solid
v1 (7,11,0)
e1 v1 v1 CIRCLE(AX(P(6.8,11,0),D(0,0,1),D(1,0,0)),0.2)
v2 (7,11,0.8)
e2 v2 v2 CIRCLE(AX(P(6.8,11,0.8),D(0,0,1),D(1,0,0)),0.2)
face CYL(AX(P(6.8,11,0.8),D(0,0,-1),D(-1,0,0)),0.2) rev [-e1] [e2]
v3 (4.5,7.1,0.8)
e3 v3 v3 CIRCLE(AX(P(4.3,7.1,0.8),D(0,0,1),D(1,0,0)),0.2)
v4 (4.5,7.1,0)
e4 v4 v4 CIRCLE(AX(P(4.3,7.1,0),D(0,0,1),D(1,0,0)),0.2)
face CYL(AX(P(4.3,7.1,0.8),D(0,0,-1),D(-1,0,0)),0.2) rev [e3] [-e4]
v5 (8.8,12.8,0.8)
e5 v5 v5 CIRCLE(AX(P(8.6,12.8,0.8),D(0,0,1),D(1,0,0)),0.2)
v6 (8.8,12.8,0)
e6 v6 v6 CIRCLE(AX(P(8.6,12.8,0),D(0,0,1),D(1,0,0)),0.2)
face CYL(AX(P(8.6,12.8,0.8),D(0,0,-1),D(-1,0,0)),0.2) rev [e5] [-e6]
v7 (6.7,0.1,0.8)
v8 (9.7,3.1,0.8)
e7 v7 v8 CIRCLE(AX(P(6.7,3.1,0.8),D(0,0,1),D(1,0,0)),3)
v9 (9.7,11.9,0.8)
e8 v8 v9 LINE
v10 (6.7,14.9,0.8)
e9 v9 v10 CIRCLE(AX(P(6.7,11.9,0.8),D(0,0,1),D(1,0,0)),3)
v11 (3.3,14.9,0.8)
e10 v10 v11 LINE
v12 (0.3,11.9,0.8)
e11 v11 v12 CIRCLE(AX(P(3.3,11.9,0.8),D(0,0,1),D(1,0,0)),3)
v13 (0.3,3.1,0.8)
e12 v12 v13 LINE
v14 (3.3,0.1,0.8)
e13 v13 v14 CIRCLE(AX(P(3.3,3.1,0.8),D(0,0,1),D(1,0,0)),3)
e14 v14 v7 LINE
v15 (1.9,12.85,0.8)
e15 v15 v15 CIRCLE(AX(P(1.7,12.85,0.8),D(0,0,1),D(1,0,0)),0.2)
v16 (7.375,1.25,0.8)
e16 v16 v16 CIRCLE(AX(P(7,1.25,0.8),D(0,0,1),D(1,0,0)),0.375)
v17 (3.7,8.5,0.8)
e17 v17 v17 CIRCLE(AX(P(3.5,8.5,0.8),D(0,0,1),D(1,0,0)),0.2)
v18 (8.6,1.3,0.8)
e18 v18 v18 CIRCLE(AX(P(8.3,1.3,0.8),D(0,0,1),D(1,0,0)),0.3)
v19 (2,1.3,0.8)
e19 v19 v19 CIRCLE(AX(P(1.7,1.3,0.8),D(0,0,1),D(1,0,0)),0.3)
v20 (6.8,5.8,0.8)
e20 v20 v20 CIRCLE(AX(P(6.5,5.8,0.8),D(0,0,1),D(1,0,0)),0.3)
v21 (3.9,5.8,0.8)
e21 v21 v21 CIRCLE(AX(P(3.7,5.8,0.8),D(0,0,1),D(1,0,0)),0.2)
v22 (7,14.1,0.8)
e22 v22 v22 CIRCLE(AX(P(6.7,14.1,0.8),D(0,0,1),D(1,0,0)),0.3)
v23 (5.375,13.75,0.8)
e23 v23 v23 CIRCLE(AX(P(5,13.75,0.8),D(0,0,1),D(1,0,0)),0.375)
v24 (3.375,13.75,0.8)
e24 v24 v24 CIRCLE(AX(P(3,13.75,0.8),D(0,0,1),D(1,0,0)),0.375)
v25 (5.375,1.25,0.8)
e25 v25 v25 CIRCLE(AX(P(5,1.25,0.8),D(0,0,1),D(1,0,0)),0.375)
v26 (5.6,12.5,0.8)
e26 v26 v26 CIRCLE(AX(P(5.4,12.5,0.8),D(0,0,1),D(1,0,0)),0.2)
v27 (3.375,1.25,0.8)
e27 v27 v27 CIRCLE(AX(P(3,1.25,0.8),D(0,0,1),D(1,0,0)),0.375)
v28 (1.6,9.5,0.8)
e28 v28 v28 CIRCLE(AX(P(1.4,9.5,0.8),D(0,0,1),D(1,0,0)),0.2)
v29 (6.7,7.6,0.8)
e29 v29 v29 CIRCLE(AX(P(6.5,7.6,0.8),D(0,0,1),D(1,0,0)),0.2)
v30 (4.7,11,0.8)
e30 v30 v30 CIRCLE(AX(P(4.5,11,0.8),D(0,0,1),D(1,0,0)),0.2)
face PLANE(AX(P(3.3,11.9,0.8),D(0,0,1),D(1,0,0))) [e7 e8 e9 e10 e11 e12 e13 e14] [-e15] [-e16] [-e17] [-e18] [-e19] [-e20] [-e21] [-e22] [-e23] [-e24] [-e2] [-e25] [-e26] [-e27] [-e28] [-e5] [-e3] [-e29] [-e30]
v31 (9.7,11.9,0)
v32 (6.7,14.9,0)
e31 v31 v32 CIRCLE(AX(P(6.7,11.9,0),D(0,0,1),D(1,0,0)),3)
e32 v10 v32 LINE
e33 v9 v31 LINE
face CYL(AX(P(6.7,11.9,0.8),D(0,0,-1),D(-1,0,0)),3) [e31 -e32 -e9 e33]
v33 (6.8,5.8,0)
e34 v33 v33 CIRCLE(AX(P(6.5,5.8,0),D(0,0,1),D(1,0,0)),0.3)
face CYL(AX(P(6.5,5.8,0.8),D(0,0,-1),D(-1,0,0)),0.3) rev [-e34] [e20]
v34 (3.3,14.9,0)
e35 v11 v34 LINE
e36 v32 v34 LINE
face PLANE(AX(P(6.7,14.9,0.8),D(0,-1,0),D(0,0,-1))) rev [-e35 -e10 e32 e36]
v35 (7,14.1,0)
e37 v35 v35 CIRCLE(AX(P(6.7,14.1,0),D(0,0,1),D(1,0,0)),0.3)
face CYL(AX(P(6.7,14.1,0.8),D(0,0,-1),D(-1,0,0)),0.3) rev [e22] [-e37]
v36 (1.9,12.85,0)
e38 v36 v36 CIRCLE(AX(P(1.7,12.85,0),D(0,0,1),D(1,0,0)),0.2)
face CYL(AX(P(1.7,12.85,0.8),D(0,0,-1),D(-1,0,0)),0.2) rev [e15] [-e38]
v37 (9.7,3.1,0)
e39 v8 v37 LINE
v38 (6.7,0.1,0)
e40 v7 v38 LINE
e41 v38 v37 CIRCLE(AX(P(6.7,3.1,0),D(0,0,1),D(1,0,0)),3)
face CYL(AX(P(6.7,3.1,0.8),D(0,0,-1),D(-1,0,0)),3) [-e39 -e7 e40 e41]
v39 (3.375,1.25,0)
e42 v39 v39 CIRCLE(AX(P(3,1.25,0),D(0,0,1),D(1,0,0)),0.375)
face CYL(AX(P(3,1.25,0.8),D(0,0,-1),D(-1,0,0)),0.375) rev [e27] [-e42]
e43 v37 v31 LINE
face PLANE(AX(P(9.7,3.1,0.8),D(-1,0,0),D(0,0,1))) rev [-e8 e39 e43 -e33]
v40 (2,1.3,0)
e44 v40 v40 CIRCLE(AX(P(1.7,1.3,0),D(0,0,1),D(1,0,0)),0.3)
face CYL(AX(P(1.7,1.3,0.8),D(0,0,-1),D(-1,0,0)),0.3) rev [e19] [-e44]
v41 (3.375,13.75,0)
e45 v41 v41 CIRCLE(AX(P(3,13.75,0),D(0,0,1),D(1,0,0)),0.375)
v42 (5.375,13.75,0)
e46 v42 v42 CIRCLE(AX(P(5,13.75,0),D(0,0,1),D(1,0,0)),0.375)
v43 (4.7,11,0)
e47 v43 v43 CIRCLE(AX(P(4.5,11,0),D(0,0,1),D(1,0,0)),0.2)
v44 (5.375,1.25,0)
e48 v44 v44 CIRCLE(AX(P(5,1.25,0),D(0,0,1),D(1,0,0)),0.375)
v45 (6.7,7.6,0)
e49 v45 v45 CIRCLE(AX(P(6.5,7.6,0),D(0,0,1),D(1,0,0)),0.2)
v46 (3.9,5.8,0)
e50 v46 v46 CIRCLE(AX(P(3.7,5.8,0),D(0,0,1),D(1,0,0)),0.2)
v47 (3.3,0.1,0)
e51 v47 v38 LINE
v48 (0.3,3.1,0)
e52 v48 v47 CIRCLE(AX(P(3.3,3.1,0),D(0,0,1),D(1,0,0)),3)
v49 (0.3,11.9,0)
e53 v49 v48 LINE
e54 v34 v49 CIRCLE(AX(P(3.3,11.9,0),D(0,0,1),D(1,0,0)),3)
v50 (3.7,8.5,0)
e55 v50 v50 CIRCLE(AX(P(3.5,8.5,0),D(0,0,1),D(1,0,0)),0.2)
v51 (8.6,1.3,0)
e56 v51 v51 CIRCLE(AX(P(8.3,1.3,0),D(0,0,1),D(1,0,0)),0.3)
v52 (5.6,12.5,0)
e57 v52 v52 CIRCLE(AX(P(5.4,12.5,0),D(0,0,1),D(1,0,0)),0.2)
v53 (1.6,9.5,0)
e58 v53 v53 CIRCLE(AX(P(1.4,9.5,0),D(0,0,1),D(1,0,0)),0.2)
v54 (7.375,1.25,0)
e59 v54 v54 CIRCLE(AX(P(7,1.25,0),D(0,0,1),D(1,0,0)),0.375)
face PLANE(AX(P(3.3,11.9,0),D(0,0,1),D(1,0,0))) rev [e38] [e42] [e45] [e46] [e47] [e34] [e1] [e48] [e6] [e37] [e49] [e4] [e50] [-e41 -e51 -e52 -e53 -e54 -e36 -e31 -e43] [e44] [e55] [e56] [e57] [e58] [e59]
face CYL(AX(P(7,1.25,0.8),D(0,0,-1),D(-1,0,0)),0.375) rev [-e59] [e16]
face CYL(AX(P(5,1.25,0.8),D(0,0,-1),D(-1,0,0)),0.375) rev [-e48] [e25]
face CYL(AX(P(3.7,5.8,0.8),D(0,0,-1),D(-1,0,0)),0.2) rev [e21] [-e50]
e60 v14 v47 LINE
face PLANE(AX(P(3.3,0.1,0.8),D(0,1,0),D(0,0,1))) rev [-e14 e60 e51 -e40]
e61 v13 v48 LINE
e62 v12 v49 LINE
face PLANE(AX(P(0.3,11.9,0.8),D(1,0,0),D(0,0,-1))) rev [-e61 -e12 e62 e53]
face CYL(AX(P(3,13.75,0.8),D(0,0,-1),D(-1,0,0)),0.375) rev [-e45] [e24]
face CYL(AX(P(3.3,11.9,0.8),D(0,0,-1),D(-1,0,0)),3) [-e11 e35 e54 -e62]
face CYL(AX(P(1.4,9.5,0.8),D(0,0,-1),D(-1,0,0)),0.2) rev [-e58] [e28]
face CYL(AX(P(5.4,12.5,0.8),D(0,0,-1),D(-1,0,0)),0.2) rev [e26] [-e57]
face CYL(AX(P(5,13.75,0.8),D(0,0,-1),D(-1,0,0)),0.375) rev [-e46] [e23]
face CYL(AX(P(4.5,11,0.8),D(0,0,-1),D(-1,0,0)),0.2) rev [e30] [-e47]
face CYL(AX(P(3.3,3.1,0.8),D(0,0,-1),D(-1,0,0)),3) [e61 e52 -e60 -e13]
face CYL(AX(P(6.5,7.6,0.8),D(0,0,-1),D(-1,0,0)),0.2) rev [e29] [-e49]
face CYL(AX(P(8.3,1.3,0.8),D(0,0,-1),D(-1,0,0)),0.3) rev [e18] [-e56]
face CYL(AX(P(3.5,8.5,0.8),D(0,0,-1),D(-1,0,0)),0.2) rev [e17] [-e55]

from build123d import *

# Parameters (mm, degrees)
BOARD_DEPTH            = 0.8
SKETCH2_R              = 0.3
SKETCH2_R_2            = 0.375
NON_PLATED_HOLES_DEPTH = 18.79719079
SKETCH3_R              = 0.2
SKETCH3_R_2            = 0.3
PLATED_HOLES_DEPTH     = 18.79719079


with BuildPart() as part:
    # Sketch1 → BOARD (new body)
    with BuildSketch(Plane.XY):
        with BuildLine():
            Line((0.3, 11.9), (0.3, 3.1))
            ThreePointArc((0.3, 3.1), (1.178679656, 0.978679656), (3.3, 0.1))
            Line((3.3, 0.1), (6.7, 0.1))
            ThreePointArc((6.7, 0.1), (8.821320344, 0.978679656), (9.7, 3.1))
            Line((9.7, 3.1), (9.7, 11.9))
            ThreePointArc((9.7, 11.9), (8.821320344, 14.021320344), (6.7, 14.9))
            Line((6.7, 14.9), (3.3, 14.9))
            ThreePointArc((3.3, 14.9), (1.178679656, 14.021320344), (0.3, 11.9))
        make_face()
    extrude(amount=BOARD_DEPTH)

    # Sketch2 → NON-PLATED HOLES (cut, through all)
    with BuildSketch(Plane.XY):
        with Locations((1.7, 1.3)):
            Circle(SKETCH2_R)
        with Locations((8.3, 1.3)):
            Circle(SKETCH2_R)
        with Locations((6.7, 14.1)):
            Circle(SKETCH2_R)
        with Locations((5, 13.75)):
            Circle(SKETCH2_R_2)
        with Locations((3, 13.75)):
            Circle(SKETCH2_R_2)
        with Locations((3, 1.25)):
            Circle(SKETCH2_R_2)
        with Locations((5, 1.25)):
            Circle(SKETCH2_R_2)
        with Locations((7, 1.25)):
            Circle(SKETCH2_R_2)
    extrude(amount=NON_PLATED_HOLES_DEPTH, mode=Mode.SUBTRACT)

    # Sketch3 → PLATED HOLES (cut, through all)
    with BuildSketch(Plane.XY):
        with Locations((4.5, 11)):
            Circle(SKETCH3_R)
        with Locations((1.4, 9.5)):
            Circle(SKETCH3_R)
        with Locations((8.6, 12.8)):
            Circle(SKETCH3_R)
        with Locations((1.7, 12.85)):
            Circle(SKETCH3_R)
        with Locations((3.5, 8.5)):
            Circle(SKETCH3_R)
        with Locations((3.7, 5.8)):
            Circle(SKETCH3_R)
        with Locations((6.8, 11)):
            Circle(SKETCH3_R)
        with Locations((6.5, 7.6)):
            Circle(SKETCH3_R)
        with Locations((6.5, 5.8)):
            Circle(SKETCH3_R_2)
        with Locations((4.3, 7.1)):
            Circle(SKETCH3_R)
        with Locations((5.4, 12.5)):
            Circle(SKETCH3_R)
    extrude(amount=PLATED_HOLES_DEPTH, mode=Mode.SUBTRACT)


solid = part.part
